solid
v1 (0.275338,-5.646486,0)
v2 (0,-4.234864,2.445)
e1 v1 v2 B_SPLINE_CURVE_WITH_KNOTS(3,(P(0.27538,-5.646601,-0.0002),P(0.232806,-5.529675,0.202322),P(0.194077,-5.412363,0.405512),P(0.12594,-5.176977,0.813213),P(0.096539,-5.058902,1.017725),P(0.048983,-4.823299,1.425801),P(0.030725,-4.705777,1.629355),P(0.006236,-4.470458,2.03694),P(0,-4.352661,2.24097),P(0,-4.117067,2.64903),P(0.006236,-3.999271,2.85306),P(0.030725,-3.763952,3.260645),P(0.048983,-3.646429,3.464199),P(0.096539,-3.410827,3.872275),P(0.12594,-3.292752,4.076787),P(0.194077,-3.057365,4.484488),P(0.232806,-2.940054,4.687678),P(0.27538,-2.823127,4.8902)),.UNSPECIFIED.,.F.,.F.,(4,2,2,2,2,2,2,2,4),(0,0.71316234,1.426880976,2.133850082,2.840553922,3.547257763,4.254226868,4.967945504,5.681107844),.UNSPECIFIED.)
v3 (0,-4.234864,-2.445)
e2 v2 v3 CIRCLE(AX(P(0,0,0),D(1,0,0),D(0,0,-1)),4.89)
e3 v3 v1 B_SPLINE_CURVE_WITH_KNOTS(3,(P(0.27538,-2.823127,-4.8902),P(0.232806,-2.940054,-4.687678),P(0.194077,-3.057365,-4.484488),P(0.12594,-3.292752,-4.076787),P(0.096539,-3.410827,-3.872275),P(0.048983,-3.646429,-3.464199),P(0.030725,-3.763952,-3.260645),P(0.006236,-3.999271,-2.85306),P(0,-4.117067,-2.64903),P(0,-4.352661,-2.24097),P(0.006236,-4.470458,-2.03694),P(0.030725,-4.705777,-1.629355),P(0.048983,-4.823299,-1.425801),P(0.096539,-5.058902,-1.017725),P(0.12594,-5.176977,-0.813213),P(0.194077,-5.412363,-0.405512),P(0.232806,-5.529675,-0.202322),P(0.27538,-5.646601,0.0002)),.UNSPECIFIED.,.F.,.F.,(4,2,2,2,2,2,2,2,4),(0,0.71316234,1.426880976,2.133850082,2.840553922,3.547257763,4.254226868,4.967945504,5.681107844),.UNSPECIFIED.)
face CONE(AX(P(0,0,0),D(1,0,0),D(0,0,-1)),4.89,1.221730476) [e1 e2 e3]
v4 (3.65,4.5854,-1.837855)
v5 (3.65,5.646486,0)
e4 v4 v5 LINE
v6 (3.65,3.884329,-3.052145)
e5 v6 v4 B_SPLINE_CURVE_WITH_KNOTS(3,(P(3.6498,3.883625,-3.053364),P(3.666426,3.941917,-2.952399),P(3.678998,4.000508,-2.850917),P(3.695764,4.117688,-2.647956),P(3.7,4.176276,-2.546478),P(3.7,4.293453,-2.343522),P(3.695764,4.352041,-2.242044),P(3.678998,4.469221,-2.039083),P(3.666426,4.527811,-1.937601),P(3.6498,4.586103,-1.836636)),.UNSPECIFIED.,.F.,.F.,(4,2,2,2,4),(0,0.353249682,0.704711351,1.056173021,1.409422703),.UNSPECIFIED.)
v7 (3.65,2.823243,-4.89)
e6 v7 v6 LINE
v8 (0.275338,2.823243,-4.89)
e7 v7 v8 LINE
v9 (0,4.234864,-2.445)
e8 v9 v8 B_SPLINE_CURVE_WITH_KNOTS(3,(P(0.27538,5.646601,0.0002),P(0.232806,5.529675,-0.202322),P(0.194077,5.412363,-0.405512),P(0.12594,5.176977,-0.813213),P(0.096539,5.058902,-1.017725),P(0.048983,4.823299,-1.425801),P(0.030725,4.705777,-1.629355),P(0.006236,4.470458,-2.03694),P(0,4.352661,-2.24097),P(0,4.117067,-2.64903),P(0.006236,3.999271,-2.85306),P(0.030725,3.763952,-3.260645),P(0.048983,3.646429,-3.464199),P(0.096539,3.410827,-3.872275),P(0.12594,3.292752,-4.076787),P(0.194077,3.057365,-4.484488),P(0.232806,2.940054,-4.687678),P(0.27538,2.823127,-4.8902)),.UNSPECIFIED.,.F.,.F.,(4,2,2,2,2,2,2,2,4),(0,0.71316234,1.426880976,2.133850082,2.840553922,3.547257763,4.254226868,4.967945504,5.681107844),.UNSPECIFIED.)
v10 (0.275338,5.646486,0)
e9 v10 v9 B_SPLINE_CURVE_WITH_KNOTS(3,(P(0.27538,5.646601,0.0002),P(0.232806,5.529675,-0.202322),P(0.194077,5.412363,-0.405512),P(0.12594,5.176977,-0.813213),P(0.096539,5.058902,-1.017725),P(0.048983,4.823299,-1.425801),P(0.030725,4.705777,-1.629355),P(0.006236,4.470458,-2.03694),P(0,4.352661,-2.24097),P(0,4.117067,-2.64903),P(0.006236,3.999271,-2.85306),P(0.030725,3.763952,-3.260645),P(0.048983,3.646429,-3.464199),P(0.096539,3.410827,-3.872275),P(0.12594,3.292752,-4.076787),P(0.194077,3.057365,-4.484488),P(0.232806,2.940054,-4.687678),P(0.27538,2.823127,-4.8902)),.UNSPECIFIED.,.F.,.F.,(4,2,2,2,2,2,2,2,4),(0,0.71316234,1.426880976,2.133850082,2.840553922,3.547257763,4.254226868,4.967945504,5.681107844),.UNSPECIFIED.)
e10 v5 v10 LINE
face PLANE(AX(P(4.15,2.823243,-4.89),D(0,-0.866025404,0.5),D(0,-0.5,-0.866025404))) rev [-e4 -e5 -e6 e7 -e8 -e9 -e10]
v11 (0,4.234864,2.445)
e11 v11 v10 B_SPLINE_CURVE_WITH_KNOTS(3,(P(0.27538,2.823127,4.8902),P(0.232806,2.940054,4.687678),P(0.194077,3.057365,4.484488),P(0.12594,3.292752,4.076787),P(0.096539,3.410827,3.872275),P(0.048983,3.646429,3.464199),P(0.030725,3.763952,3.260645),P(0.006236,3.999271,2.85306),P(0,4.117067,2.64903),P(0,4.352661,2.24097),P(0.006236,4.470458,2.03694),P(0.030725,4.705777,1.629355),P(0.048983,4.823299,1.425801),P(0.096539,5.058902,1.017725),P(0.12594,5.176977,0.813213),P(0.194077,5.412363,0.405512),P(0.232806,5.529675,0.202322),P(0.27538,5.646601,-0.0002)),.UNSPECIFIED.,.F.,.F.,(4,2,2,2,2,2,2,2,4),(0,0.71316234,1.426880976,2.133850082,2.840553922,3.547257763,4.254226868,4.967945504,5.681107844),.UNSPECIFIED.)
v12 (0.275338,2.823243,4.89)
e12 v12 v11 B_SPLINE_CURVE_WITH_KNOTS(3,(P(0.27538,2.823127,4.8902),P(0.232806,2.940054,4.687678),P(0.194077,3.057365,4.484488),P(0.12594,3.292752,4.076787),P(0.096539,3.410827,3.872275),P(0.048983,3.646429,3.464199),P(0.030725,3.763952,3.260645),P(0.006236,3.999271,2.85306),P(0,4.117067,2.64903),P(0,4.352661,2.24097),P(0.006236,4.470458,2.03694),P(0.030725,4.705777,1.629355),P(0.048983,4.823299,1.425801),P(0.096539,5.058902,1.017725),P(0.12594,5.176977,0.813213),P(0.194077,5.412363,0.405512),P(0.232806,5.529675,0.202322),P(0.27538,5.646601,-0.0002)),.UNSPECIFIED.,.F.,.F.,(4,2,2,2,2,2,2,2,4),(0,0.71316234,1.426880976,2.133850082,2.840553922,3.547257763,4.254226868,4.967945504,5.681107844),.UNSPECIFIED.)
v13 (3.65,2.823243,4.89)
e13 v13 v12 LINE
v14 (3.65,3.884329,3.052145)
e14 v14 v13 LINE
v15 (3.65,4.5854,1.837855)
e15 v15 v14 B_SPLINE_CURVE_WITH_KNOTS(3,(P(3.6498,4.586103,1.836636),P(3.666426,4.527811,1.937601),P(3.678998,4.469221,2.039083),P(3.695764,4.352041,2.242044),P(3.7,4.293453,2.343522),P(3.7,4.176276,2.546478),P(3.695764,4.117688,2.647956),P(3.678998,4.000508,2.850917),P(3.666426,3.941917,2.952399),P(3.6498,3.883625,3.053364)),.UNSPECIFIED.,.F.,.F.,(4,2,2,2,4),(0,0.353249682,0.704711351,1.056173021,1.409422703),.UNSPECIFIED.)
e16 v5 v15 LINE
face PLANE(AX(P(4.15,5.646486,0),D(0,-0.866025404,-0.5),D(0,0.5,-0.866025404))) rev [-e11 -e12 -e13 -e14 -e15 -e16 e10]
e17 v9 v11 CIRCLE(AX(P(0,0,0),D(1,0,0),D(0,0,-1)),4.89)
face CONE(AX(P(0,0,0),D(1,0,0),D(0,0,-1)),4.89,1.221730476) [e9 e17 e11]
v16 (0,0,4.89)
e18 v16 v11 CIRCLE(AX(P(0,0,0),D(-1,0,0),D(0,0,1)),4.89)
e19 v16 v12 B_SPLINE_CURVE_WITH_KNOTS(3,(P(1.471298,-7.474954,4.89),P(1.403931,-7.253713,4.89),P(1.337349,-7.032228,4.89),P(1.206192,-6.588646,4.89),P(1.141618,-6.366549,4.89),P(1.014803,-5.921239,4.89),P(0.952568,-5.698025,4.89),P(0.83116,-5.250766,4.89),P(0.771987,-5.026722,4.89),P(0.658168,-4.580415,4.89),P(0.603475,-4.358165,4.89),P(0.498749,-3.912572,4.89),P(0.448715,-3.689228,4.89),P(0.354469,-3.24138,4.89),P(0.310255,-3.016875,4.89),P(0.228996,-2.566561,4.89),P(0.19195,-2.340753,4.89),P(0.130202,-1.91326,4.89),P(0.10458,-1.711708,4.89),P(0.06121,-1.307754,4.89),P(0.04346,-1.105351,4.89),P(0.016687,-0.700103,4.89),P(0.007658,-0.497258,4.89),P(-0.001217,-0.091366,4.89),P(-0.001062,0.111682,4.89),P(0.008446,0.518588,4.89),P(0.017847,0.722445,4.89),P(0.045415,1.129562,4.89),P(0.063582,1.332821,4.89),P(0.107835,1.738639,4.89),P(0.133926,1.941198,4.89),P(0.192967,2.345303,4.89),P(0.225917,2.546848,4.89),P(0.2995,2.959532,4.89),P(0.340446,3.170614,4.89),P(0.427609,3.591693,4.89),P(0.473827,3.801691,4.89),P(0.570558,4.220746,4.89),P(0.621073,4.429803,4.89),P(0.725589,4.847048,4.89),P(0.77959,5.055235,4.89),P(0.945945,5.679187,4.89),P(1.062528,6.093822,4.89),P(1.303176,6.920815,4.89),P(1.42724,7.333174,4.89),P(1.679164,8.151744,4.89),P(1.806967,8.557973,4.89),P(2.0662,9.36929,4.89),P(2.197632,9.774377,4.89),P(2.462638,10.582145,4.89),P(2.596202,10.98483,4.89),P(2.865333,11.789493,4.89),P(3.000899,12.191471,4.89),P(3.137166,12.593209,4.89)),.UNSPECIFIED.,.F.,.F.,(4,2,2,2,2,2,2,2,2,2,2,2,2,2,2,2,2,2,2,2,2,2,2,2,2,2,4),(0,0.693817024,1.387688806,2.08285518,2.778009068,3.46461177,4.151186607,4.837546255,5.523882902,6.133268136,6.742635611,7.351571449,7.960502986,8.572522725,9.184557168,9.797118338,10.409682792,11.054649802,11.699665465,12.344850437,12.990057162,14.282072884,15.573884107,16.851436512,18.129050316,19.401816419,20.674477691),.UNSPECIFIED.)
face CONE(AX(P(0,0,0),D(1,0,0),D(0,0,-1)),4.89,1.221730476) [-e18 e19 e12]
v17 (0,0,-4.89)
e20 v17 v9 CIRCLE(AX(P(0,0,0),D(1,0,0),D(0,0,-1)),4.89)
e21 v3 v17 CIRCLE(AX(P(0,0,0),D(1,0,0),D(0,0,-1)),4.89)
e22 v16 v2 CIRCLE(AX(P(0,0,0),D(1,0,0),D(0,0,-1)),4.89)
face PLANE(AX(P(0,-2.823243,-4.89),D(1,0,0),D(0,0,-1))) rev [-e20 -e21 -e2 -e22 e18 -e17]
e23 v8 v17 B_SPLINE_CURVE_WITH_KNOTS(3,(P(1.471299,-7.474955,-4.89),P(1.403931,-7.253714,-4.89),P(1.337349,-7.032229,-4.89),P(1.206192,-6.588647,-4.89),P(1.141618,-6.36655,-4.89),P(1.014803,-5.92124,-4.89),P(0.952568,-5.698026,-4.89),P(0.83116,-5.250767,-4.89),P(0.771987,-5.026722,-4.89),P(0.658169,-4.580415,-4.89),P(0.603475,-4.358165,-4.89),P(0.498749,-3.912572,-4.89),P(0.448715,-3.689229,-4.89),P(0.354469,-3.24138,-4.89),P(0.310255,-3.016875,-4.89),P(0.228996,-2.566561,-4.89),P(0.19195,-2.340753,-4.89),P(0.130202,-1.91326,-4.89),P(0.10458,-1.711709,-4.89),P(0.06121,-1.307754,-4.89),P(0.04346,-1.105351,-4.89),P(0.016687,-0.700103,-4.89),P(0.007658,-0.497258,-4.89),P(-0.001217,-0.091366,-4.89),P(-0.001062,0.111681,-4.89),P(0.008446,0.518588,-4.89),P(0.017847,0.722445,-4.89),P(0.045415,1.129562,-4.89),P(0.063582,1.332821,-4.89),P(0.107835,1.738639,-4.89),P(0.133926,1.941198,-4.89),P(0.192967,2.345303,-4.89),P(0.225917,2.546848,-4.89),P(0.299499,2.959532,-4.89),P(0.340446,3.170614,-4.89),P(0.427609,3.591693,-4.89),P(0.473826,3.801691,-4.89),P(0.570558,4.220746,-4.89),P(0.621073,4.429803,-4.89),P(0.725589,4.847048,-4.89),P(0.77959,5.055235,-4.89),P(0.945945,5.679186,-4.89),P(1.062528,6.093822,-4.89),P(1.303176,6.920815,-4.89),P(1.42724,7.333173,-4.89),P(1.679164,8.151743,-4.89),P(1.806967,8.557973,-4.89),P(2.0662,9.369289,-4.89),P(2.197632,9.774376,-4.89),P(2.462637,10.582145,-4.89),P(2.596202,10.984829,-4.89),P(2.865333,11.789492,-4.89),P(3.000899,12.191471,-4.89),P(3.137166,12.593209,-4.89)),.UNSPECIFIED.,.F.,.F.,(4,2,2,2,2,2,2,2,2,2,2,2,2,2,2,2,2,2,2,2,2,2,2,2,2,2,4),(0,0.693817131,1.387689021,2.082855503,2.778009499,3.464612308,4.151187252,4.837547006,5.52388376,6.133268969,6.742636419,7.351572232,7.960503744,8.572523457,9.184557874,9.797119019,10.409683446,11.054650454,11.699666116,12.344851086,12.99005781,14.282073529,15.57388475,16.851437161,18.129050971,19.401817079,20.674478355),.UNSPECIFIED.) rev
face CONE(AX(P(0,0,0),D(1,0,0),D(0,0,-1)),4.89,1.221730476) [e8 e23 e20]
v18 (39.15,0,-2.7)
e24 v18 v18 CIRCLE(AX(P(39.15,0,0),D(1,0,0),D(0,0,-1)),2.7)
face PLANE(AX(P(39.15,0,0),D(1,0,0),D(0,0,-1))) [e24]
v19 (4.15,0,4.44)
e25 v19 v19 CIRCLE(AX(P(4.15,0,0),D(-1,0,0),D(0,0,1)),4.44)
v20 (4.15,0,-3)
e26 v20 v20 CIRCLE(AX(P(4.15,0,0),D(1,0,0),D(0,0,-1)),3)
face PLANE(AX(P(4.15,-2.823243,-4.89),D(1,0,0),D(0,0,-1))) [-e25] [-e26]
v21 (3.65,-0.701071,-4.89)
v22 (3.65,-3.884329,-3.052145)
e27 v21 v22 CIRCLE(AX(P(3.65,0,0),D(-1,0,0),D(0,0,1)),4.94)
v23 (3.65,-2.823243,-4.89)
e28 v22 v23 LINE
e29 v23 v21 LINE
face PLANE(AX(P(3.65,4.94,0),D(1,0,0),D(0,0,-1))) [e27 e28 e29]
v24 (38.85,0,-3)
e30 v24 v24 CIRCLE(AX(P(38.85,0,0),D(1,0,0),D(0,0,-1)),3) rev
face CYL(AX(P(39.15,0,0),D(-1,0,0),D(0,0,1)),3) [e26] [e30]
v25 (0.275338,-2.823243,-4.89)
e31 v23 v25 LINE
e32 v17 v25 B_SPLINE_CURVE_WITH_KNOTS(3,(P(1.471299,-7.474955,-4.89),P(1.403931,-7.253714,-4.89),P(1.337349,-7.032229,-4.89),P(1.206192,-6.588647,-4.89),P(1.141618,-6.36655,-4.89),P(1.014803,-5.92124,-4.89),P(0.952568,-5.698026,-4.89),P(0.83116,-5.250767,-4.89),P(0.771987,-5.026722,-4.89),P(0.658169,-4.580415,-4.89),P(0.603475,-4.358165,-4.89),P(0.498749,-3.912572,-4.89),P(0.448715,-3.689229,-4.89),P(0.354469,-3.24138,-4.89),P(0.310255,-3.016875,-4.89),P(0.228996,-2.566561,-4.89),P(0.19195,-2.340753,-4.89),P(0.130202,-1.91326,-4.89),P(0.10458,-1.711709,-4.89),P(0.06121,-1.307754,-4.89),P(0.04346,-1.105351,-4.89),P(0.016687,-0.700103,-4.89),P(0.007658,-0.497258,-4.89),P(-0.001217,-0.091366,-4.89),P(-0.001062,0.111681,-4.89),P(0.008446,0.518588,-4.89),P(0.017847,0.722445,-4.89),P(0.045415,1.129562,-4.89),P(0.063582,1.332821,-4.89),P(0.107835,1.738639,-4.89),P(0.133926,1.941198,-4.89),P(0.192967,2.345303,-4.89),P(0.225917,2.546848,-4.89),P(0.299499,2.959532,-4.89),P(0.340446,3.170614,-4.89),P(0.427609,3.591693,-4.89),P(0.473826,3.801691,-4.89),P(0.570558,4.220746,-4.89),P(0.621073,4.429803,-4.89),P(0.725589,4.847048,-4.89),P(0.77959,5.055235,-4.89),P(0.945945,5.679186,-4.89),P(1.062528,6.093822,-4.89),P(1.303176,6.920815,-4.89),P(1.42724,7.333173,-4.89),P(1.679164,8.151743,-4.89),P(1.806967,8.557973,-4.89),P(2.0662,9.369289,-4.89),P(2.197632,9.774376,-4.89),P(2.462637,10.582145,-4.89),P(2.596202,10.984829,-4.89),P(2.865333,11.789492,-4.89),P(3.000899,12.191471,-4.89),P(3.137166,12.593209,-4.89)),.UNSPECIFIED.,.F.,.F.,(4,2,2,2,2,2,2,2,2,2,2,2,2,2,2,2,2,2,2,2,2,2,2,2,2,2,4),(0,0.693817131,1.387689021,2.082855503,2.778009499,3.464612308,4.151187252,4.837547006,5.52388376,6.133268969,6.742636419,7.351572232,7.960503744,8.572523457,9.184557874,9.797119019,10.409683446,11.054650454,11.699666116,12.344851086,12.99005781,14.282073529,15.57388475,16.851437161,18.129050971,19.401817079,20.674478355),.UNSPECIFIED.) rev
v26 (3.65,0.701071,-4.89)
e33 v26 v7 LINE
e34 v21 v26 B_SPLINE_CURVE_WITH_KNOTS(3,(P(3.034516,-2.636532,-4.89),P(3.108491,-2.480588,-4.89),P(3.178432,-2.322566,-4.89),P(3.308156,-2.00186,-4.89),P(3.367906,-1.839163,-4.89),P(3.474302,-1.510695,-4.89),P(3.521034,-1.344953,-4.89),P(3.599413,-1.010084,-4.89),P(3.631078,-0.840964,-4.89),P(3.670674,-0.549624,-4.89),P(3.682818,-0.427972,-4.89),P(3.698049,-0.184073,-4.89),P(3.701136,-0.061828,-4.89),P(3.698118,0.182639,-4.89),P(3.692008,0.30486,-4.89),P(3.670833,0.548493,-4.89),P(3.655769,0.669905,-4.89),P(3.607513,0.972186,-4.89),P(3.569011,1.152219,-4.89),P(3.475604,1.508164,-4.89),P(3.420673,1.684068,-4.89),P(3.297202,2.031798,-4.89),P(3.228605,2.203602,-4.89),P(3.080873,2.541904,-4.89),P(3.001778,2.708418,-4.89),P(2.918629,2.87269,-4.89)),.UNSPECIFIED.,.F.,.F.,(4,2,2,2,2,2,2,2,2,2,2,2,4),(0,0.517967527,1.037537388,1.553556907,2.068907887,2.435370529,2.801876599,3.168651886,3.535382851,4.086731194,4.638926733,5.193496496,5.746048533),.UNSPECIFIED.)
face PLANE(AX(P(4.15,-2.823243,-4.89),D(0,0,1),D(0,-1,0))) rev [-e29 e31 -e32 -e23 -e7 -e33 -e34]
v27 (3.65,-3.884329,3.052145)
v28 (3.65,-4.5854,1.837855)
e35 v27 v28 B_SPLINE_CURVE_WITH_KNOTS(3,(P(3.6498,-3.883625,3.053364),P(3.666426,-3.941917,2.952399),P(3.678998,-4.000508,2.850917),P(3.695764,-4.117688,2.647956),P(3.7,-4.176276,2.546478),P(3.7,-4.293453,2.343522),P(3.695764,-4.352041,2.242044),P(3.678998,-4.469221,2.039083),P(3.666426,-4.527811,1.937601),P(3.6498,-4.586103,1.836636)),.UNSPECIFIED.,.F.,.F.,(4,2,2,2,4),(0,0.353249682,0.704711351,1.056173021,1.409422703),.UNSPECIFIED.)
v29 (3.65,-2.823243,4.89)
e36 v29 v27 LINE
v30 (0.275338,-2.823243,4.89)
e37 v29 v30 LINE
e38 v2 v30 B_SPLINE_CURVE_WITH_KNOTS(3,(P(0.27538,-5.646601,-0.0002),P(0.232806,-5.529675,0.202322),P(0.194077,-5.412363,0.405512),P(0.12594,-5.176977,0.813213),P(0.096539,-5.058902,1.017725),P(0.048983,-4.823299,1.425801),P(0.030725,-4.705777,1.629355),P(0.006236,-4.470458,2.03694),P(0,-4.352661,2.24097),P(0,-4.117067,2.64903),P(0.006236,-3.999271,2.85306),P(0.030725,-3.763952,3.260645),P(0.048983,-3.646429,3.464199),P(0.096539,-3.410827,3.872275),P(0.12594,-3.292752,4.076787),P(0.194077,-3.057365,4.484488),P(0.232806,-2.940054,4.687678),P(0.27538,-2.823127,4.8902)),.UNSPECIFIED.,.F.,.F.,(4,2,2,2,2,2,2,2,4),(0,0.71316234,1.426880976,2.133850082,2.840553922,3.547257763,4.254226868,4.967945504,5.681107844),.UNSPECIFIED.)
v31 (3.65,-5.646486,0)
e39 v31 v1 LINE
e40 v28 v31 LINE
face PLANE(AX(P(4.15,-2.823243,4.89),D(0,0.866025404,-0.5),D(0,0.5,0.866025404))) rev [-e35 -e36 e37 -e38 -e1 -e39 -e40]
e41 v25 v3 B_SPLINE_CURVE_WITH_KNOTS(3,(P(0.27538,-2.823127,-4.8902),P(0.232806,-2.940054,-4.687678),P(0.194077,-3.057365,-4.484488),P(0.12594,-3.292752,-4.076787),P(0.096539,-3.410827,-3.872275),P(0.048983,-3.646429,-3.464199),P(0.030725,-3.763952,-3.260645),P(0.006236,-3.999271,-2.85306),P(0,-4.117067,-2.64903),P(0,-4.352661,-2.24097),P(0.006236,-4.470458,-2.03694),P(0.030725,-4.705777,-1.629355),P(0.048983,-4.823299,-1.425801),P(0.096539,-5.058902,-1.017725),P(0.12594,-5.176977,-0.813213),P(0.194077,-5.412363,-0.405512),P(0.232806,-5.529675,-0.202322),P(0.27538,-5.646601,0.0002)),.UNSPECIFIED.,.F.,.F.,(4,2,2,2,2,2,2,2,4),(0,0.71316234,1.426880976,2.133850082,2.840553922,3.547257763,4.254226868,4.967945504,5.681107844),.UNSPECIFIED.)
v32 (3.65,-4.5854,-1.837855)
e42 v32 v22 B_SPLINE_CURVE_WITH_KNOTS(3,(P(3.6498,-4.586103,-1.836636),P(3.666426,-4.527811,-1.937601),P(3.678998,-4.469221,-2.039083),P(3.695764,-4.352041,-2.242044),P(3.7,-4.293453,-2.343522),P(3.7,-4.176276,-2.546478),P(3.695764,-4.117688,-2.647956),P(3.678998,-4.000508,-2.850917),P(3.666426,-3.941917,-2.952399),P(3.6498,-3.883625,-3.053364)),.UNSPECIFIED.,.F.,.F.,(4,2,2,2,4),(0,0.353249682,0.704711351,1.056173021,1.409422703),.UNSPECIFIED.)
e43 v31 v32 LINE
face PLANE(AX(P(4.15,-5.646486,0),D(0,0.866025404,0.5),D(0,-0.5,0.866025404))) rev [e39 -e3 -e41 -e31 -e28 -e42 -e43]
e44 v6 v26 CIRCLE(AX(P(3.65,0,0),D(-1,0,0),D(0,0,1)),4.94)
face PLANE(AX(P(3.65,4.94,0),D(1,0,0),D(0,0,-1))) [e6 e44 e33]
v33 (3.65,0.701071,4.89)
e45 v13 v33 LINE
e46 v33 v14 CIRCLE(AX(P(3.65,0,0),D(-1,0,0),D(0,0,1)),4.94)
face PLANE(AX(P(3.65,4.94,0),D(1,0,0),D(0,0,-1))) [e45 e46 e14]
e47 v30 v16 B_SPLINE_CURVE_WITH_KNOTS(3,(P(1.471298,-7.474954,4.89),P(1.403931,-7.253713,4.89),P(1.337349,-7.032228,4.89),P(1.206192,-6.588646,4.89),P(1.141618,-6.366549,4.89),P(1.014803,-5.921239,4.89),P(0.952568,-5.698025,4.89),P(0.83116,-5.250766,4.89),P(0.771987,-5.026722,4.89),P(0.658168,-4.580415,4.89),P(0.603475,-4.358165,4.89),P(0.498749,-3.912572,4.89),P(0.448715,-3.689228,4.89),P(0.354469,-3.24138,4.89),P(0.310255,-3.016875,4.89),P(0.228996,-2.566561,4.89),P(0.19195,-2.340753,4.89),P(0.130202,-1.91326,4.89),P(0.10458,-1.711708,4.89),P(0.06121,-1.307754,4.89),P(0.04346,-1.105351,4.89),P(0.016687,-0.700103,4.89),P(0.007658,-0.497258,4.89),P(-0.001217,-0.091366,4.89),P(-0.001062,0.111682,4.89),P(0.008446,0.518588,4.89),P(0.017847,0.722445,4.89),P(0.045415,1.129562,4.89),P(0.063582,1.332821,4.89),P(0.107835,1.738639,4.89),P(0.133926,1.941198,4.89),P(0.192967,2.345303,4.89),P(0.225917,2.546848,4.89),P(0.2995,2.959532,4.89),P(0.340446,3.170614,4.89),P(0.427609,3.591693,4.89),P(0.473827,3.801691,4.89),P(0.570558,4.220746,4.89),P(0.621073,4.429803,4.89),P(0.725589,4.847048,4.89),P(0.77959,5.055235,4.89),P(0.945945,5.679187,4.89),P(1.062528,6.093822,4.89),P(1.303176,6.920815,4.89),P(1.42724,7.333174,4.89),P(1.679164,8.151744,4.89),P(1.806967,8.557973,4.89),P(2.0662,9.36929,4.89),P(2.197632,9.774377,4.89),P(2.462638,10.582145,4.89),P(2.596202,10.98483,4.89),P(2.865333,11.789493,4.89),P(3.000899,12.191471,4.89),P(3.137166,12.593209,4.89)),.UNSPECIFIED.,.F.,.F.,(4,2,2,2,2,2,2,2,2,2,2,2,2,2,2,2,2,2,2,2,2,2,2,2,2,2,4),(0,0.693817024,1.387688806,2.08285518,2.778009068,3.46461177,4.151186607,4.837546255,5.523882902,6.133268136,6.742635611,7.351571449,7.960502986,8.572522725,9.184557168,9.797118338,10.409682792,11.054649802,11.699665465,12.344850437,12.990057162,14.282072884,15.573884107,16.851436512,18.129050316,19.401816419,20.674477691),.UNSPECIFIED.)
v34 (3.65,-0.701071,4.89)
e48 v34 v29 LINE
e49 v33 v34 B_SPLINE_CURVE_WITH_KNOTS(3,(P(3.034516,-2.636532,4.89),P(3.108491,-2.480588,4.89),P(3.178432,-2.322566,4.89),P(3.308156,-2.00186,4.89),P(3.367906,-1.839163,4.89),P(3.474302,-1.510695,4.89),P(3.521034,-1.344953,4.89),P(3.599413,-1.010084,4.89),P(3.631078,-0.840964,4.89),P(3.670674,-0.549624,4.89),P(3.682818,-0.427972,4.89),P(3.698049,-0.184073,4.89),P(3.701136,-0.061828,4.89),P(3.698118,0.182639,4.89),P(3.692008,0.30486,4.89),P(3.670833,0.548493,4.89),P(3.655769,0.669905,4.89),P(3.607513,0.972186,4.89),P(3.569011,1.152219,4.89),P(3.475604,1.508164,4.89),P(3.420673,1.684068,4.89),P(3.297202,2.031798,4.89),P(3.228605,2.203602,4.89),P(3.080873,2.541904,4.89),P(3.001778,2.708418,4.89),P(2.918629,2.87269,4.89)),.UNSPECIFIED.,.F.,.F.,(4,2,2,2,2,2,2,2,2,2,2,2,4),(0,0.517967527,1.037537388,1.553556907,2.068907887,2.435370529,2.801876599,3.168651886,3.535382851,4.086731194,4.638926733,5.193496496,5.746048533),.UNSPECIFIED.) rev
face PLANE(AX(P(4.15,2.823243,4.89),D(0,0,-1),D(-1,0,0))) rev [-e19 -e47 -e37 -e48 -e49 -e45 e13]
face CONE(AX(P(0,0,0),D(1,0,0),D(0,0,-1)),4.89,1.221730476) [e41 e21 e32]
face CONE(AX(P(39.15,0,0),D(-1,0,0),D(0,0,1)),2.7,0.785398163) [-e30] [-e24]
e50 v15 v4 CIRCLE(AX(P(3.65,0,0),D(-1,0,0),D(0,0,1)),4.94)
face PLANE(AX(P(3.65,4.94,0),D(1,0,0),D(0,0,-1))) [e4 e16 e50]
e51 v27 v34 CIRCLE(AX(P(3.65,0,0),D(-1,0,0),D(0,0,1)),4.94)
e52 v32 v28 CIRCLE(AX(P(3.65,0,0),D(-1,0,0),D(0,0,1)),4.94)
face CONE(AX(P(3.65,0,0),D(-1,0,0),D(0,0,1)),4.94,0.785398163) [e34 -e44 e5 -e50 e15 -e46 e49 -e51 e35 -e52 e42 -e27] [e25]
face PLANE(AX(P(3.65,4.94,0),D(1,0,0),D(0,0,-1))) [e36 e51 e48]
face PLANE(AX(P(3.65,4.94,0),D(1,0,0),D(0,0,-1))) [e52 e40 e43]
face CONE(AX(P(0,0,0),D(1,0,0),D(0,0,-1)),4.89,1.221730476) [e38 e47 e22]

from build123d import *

# Parameters (mm, degrees)
BASEHEAD_DEPTH = 4.15
SKETCH5_R      = 3
BASEBODY_DEPTH = 35
CHAMFER1_SIZE  = 0.3


with BuildPart() as part:
    # Sketch2 → BaseHead (new body)
    with BuildSketch(Plane(origin=(0, 0, 0), x_dir=(0, 0, -1), z_dir=(1, 0, 0))):
        Polygon((4.89, -2.823242816), (4.89, 2.823242816), (0, 5.646485633), (-4.89, 2.823242816), (-4.89, -2.823242816), (0, -5.646485633), align=None)
    extrude(amount=BASEHEAD_DEPTH)

    # Sketch3 → BearingFace (revolve, cut)
    with BuildSketch(Plane.XY):
        Polygon((4.15, 5.646485633), (4.15, 4.44), (3.65, 4.94), (3.65, 5.646485633), align=None)
    revolve(axis=Axis((-0.957090588, 0, 0), (1, 0, 0)), mode=Mode.SUBTRACT)

    # Sketch4 → HeadChamfer (revolve, cut)
    with BuildSketch(Plane.XY):
        Polygon((0, 5.646485633), (0.275338253, 5.646485633), (0, 4.89), align=None)
    revolve(axis=Axis((-0.493528746, 0, 0), (1, 0, 0)), mode=Mode.SUBTRACT)

    # Sketch5 → BaseBody (add)
    with BuildSketch(Plane(origin=(4.15, 0, 0), x_dir=(0, 0, -1), z_dir=(1, 0, 0))):
        Circle(SKETCH5_R)
    extrude(amount=BASEBODY_DEPTH)

    # Chamfer1
    chamfer1_edges = [part.edges().sort_by_distance(p)[0] for p in [
        (39.15, 0, 3),
    ]]
    chamfer(chamfer1_edges, length=CHAMFER1_SIZE)


solid = part.part
